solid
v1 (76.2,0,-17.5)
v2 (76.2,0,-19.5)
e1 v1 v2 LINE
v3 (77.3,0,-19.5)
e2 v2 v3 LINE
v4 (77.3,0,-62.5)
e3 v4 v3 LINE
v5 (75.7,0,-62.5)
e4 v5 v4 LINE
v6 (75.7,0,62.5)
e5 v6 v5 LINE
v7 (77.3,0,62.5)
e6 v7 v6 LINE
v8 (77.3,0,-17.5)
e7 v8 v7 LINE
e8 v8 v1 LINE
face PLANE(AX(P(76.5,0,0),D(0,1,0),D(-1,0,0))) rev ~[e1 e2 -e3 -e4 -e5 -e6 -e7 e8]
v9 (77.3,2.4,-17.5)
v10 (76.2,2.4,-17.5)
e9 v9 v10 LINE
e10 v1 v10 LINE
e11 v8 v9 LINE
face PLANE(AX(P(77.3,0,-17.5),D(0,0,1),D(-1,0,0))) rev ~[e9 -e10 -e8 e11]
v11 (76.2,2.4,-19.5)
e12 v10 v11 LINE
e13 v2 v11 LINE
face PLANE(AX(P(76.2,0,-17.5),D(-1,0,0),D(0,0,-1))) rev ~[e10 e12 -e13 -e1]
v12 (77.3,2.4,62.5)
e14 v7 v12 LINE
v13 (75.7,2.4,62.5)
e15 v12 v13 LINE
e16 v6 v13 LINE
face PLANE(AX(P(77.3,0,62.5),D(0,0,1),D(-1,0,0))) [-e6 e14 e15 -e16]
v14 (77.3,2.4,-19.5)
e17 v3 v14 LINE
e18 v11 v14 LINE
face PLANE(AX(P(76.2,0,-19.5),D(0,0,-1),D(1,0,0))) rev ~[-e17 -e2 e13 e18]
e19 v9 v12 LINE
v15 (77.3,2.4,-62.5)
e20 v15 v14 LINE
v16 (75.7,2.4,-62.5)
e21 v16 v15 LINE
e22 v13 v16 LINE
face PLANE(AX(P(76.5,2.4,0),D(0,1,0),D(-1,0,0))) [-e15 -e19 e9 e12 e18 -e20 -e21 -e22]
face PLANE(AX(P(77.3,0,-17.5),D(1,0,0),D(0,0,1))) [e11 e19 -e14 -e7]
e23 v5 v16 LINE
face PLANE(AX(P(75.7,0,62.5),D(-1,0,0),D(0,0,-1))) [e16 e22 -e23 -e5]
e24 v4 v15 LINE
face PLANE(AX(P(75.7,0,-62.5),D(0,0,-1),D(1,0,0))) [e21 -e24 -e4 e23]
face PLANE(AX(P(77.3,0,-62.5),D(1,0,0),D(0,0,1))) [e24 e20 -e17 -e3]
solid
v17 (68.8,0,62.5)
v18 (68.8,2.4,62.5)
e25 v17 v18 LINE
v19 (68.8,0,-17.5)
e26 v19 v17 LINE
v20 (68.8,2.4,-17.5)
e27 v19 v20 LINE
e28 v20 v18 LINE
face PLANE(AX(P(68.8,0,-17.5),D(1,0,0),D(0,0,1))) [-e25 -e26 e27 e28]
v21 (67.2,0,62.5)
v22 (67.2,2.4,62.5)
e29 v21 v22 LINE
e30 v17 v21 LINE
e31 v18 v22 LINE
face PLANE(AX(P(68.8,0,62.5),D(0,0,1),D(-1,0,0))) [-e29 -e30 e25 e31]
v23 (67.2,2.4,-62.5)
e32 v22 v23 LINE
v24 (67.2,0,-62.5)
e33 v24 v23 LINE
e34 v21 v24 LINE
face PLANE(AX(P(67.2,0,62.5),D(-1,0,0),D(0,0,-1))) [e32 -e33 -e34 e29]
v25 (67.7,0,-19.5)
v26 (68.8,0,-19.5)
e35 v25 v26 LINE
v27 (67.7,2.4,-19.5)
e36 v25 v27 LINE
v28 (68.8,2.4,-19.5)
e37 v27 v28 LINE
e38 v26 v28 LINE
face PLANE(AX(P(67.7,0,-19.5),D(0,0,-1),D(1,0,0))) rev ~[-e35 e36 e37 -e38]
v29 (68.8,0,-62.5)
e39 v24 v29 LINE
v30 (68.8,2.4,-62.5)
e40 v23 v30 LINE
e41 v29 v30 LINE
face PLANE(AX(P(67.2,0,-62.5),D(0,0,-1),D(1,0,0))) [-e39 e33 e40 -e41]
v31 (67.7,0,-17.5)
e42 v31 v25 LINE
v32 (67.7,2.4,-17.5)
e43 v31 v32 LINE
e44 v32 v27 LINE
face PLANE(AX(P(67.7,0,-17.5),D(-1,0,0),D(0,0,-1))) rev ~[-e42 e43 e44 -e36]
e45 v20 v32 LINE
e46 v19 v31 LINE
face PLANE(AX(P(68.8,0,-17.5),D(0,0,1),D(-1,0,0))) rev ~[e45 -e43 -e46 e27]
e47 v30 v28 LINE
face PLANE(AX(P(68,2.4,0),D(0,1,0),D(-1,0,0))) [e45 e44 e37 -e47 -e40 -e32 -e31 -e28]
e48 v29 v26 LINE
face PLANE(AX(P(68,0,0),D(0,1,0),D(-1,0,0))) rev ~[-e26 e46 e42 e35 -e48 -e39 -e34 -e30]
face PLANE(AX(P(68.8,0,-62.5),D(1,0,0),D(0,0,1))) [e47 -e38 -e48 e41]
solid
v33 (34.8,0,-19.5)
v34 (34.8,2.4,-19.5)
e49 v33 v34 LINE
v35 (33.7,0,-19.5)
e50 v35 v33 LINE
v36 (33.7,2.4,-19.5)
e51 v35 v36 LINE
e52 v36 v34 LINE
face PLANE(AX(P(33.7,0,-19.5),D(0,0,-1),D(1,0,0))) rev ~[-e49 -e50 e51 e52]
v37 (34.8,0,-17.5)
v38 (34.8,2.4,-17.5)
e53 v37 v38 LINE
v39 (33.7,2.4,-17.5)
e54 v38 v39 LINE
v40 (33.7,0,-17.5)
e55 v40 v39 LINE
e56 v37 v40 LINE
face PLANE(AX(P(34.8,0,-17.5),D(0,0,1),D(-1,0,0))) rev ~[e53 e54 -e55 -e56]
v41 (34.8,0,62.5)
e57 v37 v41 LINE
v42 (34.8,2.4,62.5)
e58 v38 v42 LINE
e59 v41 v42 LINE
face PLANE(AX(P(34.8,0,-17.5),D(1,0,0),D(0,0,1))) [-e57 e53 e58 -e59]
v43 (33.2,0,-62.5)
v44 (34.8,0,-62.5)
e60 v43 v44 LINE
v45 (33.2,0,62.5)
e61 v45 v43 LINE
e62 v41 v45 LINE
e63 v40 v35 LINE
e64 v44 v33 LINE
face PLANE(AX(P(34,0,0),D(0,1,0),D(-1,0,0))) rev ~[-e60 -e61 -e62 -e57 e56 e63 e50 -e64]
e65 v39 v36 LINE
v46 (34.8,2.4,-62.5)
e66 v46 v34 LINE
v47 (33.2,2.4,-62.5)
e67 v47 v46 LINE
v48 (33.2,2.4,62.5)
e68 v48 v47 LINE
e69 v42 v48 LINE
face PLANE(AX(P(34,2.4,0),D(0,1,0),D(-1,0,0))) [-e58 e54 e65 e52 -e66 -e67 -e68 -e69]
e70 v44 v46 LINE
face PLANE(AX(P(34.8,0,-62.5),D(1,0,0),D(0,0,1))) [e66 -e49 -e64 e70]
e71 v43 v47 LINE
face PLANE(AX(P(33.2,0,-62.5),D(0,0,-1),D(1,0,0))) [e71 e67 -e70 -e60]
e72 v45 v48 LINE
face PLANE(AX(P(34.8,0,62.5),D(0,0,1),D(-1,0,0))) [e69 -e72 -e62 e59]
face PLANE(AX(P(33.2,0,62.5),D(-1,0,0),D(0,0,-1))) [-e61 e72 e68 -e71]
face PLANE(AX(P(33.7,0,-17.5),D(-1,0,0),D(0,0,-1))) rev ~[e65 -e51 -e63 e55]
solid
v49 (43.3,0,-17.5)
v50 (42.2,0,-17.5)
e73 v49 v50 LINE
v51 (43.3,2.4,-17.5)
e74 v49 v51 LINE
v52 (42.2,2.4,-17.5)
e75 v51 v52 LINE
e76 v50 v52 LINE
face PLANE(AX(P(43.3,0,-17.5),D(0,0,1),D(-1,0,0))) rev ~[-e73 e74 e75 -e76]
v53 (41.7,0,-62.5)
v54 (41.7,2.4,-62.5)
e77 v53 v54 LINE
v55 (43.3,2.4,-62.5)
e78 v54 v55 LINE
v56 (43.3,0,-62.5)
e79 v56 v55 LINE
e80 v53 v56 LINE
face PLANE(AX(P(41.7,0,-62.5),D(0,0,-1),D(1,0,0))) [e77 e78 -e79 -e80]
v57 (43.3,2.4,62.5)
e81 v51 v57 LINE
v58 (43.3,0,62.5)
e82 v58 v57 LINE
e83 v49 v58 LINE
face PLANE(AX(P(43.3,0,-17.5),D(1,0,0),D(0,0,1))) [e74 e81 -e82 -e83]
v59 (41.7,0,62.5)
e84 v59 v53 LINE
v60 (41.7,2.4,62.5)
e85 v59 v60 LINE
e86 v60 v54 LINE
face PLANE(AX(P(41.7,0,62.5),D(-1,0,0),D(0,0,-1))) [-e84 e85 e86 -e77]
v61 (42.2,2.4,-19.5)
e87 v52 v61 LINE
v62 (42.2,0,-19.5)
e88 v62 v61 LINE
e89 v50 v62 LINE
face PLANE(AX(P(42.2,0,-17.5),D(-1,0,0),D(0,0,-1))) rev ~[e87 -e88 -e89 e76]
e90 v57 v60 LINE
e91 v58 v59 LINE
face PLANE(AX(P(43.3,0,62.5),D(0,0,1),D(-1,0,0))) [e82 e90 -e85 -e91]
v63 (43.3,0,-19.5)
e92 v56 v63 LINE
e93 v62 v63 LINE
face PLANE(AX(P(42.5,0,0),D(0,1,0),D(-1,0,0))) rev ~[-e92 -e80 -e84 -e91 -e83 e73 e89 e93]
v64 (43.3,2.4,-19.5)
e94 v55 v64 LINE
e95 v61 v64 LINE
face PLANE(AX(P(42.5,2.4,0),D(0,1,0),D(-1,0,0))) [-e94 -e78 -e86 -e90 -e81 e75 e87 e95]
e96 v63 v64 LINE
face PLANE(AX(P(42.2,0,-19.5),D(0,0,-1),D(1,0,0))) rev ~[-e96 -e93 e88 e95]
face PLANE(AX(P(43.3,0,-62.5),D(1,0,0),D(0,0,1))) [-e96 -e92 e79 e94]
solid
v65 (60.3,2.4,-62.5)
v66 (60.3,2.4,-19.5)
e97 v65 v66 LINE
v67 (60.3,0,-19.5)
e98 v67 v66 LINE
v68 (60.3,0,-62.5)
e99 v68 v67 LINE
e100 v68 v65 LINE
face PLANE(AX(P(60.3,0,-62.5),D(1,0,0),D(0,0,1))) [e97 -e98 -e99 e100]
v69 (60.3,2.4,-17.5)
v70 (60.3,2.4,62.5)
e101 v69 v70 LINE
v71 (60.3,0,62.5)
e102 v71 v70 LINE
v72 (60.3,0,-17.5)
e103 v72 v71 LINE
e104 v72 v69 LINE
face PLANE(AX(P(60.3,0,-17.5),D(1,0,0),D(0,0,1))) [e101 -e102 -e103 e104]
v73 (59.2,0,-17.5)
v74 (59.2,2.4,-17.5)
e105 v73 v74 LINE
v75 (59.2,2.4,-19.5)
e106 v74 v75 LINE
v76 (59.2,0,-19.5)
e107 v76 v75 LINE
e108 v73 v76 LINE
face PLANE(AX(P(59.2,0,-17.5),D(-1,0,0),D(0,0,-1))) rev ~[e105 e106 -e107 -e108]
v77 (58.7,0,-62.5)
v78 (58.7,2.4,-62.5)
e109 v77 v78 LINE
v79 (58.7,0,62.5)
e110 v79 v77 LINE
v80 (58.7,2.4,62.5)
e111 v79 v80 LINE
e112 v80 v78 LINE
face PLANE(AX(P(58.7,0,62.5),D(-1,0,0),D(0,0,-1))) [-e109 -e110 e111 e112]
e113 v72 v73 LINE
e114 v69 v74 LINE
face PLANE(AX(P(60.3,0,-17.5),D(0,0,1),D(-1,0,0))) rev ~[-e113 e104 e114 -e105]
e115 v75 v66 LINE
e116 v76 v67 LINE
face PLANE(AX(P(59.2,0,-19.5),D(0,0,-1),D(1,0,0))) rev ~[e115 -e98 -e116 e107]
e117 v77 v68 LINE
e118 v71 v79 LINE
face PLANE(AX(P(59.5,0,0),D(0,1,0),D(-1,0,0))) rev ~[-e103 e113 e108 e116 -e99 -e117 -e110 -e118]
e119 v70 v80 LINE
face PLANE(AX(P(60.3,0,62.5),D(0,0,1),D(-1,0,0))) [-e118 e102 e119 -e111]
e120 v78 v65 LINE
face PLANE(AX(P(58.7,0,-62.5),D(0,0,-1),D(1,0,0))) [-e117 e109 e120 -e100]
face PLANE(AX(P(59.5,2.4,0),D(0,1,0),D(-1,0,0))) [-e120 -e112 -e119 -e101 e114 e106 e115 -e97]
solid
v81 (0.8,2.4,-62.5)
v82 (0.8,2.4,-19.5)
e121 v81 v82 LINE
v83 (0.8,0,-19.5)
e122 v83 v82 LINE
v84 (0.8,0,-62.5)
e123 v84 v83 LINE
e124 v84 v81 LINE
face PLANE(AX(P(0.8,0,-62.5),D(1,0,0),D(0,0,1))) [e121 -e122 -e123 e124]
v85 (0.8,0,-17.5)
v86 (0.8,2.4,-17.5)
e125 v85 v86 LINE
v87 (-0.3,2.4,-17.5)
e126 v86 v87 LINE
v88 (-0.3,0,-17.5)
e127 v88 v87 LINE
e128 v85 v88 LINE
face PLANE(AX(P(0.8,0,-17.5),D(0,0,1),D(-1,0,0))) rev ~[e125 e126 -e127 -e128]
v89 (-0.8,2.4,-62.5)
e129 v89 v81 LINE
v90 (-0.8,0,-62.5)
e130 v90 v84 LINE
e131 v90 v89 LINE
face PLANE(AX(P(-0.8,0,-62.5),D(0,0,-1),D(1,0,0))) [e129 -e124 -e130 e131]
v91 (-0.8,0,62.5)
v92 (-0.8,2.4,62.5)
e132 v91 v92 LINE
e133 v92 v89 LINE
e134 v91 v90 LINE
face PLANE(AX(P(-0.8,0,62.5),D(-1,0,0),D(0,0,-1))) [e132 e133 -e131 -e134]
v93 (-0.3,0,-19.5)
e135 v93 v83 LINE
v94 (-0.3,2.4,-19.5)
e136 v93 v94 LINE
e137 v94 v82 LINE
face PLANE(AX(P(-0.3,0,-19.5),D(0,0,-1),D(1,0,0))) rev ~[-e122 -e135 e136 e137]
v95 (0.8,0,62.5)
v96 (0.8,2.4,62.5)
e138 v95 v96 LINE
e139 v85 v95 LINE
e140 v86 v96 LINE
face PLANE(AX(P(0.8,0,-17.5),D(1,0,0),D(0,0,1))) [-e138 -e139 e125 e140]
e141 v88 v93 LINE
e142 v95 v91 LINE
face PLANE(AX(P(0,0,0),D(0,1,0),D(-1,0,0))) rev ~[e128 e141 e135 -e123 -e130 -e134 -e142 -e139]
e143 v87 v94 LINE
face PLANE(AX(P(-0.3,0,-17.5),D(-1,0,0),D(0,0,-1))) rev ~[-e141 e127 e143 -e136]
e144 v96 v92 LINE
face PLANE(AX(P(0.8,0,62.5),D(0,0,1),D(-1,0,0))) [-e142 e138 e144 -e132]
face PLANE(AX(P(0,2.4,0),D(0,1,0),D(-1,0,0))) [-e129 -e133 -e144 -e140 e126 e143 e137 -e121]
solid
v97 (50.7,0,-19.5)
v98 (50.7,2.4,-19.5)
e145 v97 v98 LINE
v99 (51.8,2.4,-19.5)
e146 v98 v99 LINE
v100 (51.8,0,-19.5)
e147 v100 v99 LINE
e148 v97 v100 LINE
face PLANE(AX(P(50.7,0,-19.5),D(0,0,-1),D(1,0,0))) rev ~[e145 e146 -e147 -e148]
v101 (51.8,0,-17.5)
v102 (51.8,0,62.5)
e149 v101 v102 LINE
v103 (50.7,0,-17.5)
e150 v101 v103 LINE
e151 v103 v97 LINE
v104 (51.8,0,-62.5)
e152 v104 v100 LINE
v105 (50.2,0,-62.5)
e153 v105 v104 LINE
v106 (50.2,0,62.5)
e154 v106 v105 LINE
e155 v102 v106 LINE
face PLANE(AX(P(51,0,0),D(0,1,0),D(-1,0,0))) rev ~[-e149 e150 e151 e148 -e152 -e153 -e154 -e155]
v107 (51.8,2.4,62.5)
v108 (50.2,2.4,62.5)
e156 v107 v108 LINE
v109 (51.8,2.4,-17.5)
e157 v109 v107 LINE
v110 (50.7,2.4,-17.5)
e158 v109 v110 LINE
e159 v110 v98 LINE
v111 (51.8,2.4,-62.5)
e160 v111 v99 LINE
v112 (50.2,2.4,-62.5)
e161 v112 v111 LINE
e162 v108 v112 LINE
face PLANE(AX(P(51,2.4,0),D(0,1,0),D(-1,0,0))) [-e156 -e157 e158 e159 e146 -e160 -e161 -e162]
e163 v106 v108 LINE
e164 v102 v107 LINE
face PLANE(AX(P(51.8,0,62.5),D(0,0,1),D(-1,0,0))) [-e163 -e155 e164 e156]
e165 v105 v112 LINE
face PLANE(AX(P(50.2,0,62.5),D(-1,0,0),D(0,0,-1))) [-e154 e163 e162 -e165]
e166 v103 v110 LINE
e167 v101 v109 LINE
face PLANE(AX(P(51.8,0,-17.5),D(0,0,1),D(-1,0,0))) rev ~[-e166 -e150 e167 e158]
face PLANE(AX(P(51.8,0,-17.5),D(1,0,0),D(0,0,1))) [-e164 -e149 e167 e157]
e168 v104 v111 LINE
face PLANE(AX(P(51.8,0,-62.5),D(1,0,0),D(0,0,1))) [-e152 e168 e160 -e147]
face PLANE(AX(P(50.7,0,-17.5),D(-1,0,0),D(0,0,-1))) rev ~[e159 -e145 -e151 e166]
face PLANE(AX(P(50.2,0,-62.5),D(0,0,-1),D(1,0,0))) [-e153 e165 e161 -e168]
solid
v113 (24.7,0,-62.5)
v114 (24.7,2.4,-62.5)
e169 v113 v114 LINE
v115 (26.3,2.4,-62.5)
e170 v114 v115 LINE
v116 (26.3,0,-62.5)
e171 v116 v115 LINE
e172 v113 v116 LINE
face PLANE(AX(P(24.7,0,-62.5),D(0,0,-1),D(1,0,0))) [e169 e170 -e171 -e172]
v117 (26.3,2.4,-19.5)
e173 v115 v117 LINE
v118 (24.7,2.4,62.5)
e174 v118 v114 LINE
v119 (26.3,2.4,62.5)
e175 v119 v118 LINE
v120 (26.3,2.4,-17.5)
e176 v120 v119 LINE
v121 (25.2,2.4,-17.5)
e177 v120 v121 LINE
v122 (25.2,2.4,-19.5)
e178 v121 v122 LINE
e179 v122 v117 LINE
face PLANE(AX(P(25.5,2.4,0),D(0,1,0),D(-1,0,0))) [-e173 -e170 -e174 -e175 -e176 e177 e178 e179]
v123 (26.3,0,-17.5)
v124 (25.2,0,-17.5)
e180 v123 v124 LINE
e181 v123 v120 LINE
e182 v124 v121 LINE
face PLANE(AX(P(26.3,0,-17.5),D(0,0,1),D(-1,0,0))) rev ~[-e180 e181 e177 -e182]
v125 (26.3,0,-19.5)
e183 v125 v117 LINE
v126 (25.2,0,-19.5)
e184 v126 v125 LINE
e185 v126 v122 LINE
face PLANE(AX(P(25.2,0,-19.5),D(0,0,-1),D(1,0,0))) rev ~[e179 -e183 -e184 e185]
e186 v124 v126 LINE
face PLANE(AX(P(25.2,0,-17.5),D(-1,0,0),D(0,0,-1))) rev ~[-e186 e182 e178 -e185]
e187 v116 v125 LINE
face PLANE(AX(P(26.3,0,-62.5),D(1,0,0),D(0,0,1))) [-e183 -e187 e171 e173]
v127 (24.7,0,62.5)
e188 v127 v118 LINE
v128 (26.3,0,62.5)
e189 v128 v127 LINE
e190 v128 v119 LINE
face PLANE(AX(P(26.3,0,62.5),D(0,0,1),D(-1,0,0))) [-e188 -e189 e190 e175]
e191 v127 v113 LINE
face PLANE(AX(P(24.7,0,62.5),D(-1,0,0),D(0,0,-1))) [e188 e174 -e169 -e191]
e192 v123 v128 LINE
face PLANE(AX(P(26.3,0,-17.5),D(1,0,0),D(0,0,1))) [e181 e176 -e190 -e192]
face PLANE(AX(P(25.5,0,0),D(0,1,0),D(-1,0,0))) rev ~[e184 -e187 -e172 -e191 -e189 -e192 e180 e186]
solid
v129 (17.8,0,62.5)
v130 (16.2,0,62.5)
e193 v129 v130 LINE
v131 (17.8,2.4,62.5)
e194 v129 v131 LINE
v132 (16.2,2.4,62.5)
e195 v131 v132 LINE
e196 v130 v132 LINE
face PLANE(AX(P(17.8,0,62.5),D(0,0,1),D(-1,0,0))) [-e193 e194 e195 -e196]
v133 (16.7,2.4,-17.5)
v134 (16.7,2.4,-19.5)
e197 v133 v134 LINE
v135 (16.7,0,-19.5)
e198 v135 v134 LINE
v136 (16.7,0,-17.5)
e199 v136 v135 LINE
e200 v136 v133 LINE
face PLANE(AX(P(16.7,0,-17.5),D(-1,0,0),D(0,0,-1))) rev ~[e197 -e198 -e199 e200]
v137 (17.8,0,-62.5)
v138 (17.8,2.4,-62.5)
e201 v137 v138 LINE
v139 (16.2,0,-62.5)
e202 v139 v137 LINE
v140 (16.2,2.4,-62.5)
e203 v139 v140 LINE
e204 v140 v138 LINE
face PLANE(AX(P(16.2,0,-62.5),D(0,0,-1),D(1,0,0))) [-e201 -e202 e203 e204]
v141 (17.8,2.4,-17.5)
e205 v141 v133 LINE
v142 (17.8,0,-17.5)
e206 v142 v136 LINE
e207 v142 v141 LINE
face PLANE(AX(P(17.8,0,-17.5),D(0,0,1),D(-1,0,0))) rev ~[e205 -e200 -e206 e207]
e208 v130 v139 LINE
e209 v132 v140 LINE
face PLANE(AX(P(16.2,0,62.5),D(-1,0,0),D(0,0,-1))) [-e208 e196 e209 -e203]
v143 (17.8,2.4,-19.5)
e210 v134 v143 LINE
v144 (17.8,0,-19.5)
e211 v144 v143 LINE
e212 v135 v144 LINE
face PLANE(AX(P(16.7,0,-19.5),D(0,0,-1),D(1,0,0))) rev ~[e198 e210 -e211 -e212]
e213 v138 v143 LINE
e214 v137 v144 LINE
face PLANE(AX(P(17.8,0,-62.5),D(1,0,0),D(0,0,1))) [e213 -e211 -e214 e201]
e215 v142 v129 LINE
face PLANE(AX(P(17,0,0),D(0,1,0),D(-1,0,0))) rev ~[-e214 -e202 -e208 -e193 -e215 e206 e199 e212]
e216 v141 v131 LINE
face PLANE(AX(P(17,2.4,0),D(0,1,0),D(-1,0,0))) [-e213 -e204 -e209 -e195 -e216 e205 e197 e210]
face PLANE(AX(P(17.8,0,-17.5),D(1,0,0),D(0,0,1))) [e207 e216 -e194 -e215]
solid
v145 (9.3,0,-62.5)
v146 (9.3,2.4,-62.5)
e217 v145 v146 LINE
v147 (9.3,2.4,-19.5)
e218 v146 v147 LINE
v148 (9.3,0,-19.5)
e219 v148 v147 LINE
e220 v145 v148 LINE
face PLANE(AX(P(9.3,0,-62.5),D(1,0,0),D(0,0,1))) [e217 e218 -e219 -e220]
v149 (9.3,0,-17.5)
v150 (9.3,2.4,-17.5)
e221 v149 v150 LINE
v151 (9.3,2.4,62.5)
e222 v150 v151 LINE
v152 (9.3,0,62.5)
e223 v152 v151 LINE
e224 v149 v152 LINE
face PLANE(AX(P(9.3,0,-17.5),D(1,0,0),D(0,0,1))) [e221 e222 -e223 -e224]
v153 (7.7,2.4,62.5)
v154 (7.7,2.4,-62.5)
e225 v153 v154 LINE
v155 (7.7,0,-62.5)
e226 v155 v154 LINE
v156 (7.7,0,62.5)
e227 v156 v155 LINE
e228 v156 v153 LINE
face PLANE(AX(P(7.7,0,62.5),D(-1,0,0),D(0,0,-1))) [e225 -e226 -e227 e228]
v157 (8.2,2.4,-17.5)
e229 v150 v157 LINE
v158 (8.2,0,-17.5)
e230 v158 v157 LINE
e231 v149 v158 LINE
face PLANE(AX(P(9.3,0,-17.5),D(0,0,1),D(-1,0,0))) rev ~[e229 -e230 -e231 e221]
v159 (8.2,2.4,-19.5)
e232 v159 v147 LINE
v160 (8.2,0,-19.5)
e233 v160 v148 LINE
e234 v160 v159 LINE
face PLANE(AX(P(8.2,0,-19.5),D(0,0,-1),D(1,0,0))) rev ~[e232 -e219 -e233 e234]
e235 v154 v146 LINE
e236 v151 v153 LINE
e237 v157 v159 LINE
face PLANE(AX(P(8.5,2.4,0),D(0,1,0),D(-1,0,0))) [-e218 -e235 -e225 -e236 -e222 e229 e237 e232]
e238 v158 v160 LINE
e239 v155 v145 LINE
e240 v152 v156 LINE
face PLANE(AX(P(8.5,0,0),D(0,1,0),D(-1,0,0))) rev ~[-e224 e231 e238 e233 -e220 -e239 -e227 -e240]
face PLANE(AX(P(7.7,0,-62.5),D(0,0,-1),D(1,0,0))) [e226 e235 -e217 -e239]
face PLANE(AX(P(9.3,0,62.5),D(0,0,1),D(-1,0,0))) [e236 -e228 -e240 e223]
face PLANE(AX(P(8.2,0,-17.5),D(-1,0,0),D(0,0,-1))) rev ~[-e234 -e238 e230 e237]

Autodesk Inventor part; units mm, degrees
ref_plane "YZ Plane" through (0, 0, 0) normal (1, 0, 0) x (0, 1, 0)
ref_plane "XZ Plane" through (0, 0, 0) normal (0, 1, 0) x (-1, 0, 0)
ref_plane "XY Plane" through (0, 0, 0) normal (0, 0, 1) x (1, 0, 0)
sketch "Sketch1" plane through (0, 0, 0) normal (0, 1, 0) x (-1, 0, 0)
  line L0 (0.8, -62.5) -> (-0.8, -62.5)
  line L1 (-0.8, -62.5) -> (-0.8, 62.5)
  line L2 (-0.8, 62.5) -> (0.8, 62.5)
  line L3 (0.8, 62.5) -> (0.8, -62.5)
  line L4 (0.8, -62.5) -> (-0.8, 62.5) construction
  line L5 (-0.8, -62.5) -> (0.8, 62.5) construction
  line L6 (-0.8, -17.5) -> (0.3, -17.5)
  line L7 (0.3, -17.5) -> (0.3, -19.5)
  line L8 (0.3, -19.5) -> (-0.8, -19.5)
  line L9 (-0.8, -19.5) -> (-0.8, -17.5)
  point P0 (0, 0)
  point P1 (-0.8, -19.5)
  dimension "d0" = 125
  dimension "d1" = 1.6
  dimension "d3" = 2
  dimension "d4" = 80
  dimension "d10" = 0.5
extrude "Extrusion1" add sketch "Sketch1" along normal blind 2.4 contours L0 L1 L8 L7 L6 L2 L3
pattern_linear "Rectangular Pattern1" count 10 spacing 8.5 along (1, 0, 0) of "Extrusion1"
equation "\"base_add\" = 0.9"
properties part number "structure3"
